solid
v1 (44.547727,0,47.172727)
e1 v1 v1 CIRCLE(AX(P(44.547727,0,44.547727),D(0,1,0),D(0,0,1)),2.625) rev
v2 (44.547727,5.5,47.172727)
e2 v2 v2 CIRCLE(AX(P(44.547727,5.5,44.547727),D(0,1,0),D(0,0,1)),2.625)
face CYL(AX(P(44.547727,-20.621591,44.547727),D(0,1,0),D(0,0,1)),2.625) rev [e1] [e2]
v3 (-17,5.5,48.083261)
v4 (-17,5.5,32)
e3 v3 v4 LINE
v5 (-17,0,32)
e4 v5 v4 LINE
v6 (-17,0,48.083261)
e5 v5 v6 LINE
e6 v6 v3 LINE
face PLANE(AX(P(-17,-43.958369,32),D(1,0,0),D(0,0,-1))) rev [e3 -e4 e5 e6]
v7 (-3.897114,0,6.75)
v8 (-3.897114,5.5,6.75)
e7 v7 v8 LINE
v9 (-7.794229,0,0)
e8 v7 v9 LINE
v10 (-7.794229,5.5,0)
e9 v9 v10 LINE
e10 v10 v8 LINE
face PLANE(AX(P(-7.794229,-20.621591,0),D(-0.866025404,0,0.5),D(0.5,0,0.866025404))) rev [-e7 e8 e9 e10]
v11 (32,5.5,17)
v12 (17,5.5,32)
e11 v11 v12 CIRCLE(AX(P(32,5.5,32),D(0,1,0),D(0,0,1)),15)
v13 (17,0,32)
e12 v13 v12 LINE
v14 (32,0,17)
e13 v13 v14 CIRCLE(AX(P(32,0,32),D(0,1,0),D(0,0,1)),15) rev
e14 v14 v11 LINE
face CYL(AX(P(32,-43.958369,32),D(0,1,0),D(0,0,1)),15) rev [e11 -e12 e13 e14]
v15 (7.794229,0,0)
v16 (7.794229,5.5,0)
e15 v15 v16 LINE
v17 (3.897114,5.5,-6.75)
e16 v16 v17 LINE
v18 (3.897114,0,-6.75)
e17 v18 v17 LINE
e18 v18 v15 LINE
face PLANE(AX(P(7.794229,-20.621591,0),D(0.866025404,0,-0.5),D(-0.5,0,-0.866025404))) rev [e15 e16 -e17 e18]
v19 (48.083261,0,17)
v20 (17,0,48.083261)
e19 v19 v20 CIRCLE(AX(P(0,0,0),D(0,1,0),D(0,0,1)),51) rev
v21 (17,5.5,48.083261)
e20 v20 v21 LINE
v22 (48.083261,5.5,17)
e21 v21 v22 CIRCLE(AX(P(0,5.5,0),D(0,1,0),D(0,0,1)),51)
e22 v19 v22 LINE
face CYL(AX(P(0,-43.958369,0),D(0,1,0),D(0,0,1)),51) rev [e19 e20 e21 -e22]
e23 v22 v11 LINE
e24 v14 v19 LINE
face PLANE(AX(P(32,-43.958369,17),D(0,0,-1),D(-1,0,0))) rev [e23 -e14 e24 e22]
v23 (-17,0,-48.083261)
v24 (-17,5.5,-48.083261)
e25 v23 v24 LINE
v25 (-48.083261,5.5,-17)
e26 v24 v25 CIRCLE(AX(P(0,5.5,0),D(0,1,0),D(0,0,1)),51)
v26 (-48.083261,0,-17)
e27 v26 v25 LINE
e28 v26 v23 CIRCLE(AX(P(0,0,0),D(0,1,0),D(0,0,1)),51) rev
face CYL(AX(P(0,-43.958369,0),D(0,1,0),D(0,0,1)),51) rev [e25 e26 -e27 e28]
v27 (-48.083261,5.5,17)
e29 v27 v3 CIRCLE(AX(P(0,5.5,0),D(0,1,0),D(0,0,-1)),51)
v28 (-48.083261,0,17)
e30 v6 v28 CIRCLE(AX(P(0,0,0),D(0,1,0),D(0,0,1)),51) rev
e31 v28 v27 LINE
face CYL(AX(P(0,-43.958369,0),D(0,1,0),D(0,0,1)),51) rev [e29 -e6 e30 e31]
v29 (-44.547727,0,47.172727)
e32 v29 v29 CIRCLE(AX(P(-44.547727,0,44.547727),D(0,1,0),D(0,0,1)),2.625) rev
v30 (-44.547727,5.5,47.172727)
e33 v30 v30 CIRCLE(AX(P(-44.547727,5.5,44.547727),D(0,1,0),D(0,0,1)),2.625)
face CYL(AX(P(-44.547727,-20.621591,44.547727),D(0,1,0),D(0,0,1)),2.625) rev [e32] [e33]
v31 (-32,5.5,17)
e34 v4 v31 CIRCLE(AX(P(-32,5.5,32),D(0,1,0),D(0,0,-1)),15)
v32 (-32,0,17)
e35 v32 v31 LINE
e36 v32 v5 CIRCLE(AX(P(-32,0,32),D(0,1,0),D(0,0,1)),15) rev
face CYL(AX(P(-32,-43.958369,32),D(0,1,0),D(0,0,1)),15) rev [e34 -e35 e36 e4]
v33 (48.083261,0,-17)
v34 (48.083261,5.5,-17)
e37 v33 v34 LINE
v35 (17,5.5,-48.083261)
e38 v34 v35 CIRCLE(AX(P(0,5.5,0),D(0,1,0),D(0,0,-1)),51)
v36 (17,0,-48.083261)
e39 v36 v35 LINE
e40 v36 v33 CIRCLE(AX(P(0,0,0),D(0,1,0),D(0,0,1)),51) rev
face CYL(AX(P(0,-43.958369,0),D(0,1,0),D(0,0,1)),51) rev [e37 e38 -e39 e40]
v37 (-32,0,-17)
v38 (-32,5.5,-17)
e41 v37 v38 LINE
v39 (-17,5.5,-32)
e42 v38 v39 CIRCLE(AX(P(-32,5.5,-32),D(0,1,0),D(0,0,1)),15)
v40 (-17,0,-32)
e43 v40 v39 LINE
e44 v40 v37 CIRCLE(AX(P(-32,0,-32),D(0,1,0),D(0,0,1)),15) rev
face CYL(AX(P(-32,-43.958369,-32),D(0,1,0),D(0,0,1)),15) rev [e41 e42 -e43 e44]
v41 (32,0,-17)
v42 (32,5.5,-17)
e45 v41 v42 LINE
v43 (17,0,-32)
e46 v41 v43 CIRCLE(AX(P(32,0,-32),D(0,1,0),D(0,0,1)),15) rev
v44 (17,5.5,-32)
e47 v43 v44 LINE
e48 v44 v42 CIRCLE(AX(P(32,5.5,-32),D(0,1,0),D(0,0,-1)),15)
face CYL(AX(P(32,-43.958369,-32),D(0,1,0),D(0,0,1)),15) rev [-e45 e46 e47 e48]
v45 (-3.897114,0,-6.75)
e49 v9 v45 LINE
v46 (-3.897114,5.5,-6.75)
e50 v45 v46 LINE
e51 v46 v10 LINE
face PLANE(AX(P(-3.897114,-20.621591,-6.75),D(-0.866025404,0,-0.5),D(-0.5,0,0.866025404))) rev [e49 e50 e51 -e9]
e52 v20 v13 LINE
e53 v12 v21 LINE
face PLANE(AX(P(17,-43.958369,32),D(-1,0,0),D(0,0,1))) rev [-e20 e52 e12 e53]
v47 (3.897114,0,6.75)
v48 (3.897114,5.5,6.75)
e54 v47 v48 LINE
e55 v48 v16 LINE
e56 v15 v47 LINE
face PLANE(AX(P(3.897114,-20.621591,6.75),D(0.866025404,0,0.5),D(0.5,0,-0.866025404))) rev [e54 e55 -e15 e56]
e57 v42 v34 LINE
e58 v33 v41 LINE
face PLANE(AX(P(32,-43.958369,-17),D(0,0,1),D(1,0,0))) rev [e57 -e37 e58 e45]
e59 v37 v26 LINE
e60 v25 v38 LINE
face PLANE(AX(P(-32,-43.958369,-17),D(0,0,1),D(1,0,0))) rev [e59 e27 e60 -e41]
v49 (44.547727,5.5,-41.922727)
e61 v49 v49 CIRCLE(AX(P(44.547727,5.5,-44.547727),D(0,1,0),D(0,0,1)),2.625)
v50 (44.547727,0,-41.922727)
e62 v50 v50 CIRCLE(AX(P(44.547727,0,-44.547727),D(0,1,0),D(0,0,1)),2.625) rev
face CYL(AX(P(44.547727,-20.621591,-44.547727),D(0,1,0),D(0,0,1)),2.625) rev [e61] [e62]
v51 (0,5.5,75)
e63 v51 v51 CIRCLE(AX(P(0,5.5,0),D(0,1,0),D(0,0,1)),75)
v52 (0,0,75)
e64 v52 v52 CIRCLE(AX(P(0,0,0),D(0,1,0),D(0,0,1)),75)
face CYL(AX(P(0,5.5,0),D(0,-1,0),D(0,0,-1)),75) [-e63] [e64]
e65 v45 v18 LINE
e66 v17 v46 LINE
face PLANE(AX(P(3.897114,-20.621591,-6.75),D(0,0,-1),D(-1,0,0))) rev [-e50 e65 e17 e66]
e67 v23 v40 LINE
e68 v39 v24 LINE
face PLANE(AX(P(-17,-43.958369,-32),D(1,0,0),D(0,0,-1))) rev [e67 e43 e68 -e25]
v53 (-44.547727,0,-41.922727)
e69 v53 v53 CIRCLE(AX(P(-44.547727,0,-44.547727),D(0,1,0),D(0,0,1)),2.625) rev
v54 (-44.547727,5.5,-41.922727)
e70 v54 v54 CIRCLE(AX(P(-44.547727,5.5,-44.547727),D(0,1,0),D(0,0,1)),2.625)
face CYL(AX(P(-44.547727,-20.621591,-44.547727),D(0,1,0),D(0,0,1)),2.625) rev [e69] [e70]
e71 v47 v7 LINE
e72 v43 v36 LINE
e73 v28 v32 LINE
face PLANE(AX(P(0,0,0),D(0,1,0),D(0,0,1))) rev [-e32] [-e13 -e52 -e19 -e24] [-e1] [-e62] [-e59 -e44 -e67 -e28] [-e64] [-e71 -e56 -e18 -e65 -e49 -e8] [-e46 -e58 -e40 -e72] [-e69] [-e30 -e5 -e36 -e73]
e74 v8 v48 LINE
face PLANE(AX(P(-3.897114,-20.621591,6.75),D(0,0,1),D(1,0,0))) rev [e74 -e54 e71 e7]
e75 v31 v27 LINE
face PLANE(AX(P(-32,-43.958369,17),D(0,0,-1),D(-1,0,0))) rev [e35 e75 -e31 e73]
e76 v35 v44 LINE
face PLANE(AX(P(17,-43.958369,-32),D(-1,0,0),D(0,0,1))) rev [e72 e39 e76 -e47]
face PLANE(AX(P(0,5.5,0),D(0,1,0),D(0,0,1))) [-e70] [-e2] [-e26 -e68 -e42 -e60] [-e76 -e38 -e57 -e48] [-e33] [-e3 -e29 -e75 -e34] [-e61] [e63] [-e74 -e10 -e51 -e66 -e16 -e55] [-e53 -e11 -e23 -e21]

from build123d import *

# Parameters (mm, degrees)
SKETCH1_R           = 75
SKETCH1_R_2         = 4.25
BOSS_EXTRUDE1_DEPTH = 5.5
SKETCH4_R           = 2.625
CUT_EXTRUDE2_DEPTH  = 5.5
CUT_EXTRUDE3_DEPTH  = 5.5


with BuildPart() as part:
    # Sketch1 → Boss-Extrude1 (new body)
    with BuildSketch(Plane(origin=(0, 0, 0), x_dir=(1, 0, 0), z_dir=(0, 1, 0))):
        with Locations(Location((0, 0, 0), (0, 0, 270))):
            Circle(SKETCH1_R)
        with Locations(Location((0, 0, 0), (0, 0, 270))):
            Circle(SKETCH1_R_2, mode=Mode.SUBTRACT)
    extrude(amount=BOSS_EXTRUDE1_DEPTH)

    # Sketch4 → Cut-Extrude2 (cut)
    with BuildSketch(Plane(origin=(0, 5.5, 0), x_dir=(1, 0, 0), z_dir=(0, 1, 0))):
        with Locations(Location((44.547727215, -44.547727215, 0), (0, 0, 270))):
            Circle(SKETCH4_R)
        with Locations(Location((-44.547727215, -44.547727215, 0), (0, 0, 270))):
            Circle(SKETCH4_R)
        with Locations(Location((44.547727215, 44.547727215, 0), (0, 0, 270))):
            Circle(SKETCH4_R)
        with Locations(Location((-44.547727215, 44.547727215, 0), (0, 0, 270))):
            Circle(SKETCH4_R)
        Polygon((7.794228634, 0), (3.897114317, 6.75), (-3.897114317, 6.75), (-7.794228634, 0), (-3.897114317, -6.75), (3.897114317, -6.75), align=None)
    extrude(amount=-CUT_EXTRUDE2_DEPTH, mode=Mode.SUBTRACT)

    # Sketch5 → Cut-Extrude3 (cut)
    with BuildSketch(Plane(origin=(0, 5.5, 0), x_dir=(1, 0, 0), z_dir=(0, 1, 0))):
        with BuildLine():
            Line((32, -17), (48.083261121, -17))
            ThreePointArc((48.083261121, -17), (36.062445841, -36.062445841), (17, -48.083261121))
            Line((17, -48.083261121), (17, -32))
            ThreePointArc((17, -32), (21.393398282, -21.393398282), (32, -17))
        make_face()
        with BuildLine():
            Line((-17, -32), (-17, -48.083261121))
            ThreePointArc((-17, -48.083261121), (-36.062445841, -36.062445841), (-48.083261121, -17))
            Line((-48.083261121, -17), (-32, -17))
            ThreePointArc((-32, -17), (-21.393398282, -21.393398282), (-17, -32))
        make_face()
        with BuildLine():
            Line((17, 32), (17, 48.083261121))
            ThreePointArc((17, 48.083261121), (36.062445841, 36.062445841), (48.083261121, 17))
            Line((48.083261121, 17), (32, 17))
            ThreePointArc((32, 17), (21.393398282, 21.393398282), (17, 32))
        make_face()
        with BuildLine():
            Line((-32, 17), (-48.083261121, 17))
            ThreePointArc((-48.083261121, 17), (-36.062445841, 36.062445841), (-17, 48.083261121))
            Line((-17, 48.083261121), (-17, 32))
            ThreePointArc((-17, 32), (-21.393398282, 21.393398282), (-32, 17))
        make_face()
    extrude(amount=-CUT_EXTRUDE3_DEPTH, mode=Mode.SUBTRACT)


solid = part.part
